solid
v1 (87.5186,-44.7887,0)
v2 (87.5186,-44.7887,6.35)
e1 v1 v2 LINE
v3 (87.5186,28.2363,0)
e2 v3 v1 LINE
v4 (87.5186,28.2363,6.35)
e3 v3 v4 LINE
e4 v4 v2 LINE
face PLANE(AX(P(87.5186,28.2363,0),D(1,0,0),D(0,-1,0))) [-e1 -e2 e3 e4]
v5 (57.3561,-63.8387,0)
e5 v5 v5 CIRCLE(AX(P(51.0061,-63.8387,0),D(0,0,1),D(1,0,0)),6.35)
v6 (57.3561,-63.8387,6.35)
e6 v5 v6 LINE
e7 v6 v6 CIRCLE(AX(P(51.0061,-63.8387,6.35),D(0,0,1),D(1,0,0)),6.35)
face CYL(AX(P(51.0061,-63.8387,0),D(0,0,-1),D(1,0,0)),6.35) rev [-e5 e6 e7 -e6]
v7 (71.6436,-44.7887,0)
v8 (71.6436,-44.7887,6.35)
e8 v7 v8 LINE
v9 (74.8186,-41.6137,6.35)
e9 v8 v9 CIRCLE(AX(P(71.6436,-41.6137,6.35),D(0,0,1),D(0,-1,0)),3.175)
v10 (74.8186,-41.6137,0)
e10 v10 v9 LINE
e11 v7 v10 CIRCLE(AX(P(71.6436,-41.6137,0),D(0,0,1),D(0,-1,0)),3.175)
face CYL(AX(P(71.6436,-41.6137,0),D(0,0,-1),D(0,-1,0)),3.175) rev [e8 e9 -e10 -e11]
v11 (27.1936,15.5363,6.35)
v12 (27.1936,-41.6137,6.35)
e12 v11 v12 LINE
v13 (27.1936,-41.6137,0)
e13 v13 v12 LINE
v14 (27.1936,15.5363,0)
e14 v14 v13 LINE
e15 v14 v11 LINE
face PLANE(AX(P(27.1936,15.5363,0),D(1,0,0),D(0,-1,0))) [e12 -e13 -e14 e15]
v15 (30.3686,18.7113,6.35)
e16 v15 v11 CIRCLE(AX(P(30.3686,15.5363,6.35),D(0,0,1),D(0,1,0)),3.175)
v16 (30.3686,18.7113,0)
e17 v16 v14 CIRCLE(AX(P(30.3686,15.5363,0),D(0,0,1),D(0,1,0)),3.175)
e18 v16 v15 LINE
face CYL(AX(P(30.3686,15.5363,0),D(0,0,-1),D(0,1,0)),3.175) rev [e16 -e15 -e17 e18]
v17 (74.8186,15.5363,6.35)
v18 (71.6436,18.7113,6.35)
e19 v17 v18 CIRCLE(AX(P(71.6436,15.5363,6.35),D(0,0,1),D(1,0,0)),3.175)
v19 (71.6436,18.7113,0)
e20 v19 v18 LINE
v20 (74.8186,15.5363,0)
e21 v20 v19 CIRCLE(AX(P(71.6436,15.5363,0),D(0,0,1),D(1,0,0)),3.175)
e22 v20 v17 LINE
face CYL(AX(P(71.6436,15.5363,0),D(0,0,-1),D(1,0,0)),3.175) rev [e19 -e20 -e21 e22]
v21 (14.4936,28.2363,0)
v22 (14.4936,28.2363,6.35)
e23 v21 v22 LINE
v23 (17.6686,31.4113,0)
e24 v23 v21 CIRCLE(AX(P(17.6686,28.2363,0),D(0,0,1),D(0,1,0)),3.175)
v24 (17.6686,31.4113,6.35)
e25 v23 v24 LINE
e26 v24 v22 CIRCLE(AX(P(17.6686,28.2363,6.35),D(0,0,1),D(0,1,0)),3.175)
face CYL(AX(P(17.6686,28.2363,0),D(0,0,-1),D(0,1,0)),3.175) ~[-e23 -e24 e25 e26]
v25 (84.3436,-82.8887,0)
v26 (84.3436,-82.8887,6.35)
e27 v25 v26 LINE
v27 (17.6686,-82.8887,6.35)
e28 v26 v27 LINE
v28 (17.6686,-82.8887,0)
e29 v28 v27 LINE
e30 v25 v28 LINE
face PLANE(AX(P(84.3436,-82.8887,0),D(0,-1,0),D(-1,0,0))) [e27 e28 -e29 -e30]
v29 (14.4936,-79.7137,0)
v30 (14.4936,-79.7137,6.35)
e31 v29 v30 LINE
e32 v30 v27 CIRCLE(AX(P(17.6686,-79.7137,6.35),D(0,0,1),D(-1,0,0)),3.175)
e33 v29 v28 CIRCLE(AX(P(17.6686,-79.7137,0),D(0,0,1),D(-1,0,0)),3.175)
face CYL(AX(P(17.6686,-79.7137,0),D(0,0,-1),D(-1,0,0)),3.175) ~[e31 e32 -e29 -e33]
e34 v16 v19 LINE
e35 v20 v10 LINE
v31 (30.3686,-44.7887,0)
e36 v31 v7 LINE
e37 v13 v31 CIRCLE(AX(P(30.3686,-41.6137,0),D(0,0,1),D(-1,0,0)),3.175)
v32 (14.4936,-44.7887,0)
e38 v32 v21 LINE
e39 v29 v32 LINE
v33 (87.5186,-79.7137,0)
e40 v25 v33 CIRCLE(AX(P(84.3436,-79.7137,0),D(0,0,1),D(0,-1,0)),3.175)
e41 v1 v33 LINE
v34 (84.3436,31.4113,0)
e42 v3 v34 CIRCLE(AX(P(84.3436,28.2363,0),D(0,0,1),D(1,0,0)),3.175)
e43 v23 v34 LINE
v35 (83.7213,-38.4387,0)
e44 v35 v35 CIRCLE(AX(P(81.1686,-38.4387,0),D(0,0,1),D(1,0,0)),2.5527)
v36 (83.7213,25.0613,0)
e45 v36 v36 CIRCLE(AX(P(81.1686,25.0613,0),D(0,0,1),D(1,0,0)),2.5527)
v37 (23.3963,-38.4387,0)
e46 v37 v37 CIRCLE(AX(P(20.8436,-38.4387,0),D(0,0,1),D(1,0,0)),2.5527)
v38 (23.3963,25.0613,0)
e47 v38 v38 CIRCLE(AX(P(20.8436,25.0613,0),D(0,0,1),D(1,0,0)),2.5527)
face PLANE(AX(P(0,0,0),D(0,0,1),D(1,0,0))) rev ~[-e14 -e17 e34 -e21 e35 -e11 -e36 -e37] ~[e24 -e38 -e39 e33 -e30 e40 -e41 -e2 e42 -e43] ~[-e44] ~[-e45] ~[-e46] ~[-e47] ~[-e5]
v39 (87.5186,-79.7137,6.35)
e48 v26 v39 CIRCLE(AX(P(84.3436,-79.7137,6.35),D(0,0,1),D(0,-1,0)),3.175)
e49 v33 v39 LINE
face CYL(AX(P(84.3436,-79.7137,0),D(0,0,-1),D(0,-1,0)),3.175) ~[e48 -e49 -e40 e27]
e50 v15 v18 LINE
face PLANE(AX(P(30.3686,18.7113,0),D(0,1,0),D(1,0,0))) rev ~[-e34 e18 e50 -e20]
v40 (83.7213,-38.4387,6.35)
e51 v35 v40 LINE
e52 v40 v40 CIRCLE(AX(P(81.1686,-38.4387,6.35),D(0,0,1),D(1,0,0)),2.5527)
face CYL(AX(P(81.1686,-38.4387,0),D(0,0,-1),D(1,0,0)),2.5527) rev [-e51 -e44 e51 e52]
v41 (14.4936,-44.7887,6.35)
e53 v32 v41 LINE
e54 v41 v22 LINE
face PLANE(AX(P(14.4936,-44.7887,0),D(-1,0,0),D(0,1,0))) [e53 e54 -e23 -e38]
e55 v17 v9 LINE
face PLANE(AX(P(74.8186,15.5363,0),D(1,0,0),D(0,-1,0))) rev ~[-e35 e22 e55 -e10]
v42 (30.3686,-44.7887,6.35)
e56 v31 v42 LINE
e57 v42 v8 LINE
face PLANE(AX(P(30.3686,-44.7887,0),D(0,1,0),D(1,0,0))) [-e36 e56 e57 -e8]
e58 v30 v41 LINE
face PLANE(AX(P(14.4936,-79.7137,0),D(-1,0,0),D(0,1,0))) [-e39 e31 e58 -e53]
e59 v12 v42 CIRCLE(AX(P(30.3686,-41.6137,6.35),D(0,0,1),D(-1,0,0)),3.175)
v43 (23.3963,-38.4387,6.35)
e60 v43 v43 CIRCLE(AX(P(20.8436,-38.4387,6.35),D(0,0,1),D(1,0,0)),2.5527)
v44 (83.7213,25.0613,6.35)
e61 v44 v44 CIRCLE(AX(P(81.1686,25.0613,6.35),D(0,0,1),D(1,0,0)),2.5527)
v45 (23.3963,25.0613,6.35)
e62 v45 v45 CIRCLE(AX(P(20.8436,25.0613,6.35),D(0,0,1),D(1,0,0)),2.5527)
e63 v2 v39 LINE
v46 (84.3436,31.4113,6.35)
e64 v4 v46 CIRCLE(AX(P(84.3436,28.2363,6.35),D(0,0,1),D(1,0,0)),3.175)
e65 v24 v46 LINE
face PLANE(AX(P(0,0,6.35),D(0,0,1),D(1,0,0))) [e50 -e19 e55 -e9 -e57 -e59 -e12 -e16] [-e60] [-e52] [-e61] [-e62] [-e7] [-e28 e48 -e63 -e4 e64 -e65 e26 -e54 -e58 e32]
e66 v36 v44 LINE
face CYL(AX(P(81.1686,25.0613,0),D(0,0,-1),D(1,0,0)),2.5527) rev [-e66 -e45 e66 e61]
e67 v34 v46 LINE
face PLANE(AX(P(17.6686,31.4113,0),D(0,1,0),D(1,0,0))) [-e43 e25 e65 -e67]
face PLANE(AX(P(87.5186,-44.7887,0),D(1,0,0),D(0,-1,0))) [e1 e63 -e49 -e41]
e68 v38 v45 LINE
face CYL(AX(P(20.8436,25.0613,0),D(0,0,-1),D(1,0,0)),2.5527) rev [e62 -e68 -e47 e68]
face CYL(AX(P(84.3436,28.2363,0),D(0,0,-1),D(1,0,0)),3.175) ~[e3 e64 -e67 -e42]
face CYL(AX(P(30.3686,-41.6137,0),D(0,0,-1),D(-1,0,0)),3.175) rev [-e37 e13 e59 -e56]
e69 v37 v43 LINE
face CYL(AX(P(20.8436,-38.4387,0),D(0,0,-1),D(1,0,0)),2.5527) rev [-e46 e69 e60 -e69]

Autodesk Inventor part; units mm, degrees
ref_plane "YZ Plane" through (0, 0, 0) normal (1, 0, 0) x (0, 1, 0)
ref_plane "XZ Plane" through (0, 0, 0) normal (0, 1, 0) x (-1, 0, 0)
ref_plane "XY Plane" through (0, 0, 0) normal (0, 0, 1) x (1, 0, 0)
sketch "Sketch1" plane through (0, 0, 0) normal (0, 0, 1) x (1, 0, 0)
  line L0 (17.6686, 31.4113) -> (84.3436, 31.4113)
  line L1 (87.5186, 28.2363) -> (87.5186, -44.7887)
  line L2 (14.4936, -44.7887) -> (14.4936, 28.2363)
  line L3 (30.3686, 18.7113) -> (71.6436, 18.7113)
  line L4 (74.8186, 15.5363) -> (74.8186, -41.6137)
  line L5 (27.1936, 15.5363) -> (27.1936, -41.6137)
  circle A0 centre (20.8436, 25.0613) radius 2.5527
  circle A1 centre (81.1686, 25.0613) radius 2.5527
  arc A2 (17.6686, 31.4113) -> (14.4936, 28.2363) centre (17.6686, 28.2363) ccw
  arc A3 (87.5186, 28.2363) -> (84.3436, 31.4113) centre (84.3436, 28.2363) ccw
  circle A4 centre (20.8436, -38.4387) radius 2.5527
  circle A5 centre (81.1686, -38.4387) radius 2.5527
  line L6 (30.3686, -44.7887) -> (71.6436, -44.7887)
  line L7 (87.5186, -44.7887) -> (87.5186, -79.7137)
  line L8 (84.3436, -82.8887) -> (17.6686, -82.8887)
  line L9 (14.4936, -79.7137) -> (14.4936, -44.7887)
  circle A6 centre (51.0061, -63.8387) radius 6.35
  arc A7 (14.4936, -79.7137) -> (17.6686, -82.8887) centre (17.6686, -79.7137) ccw
  arc A8 (84.3436, -82.8887) -> (87.5186, -79.7137) centre (84.3436, -79.7137) ccw
  arc A9 (71.6436, -44.7887) -> (74.8186, -41.6137) centre (71.6436, -41.6137) ccw
  arc A10 (27.1936, -41.6137) -> (30.3686, -44.7887) centre (30.3686, -41.6137) ccw
  arc A11 (30.3686, 18.7113) -> (27.1936, 15.5363) centre (30.3686, 15.5363) ccw
  arc A12 (74.8186, 15.5363) -> (71.6436, 18.7113) centre (71.6436, 15.5363) ccw
  point P0 (0, 0)
  point P1 (87.5186, 31.4113)
  dimension "d1" = 76.2
  dimension "d2" = 73.025
  dimension "d3" = 12.7
  dimension "d4" = 12.7
  dimension "d5" = 12.7
  dimension "d6" = 5.1054
  dimension "d7" = 6.35
  dimension "d9" = 5.1054
  dimension "d10" = 6.35
  dimension "d11" = 6.35
  dimension "d12" = 3.175
  dimension "d13" = 5.1054
  dimension "d14" = 5.1054
  dimension "d15" = 63.5
  dimension "d16" = 63.5
  dimension "d17" = 76.2
  dimension "d18" = 12.7
  dimension "d19" = 36.5125
  dimension "d20" = 38.1
  dimension "d21" = 19.05
  dimension "d22" = 3.175
  dimension "d23" = 3.175
  dimension "d26" = 60.325
  dimension "d27" = 0
extrude "Extrusion1" add sketch "Sketch1" along normal blind 6.35
properties part number "2 Stage Climber in a box bracket"
